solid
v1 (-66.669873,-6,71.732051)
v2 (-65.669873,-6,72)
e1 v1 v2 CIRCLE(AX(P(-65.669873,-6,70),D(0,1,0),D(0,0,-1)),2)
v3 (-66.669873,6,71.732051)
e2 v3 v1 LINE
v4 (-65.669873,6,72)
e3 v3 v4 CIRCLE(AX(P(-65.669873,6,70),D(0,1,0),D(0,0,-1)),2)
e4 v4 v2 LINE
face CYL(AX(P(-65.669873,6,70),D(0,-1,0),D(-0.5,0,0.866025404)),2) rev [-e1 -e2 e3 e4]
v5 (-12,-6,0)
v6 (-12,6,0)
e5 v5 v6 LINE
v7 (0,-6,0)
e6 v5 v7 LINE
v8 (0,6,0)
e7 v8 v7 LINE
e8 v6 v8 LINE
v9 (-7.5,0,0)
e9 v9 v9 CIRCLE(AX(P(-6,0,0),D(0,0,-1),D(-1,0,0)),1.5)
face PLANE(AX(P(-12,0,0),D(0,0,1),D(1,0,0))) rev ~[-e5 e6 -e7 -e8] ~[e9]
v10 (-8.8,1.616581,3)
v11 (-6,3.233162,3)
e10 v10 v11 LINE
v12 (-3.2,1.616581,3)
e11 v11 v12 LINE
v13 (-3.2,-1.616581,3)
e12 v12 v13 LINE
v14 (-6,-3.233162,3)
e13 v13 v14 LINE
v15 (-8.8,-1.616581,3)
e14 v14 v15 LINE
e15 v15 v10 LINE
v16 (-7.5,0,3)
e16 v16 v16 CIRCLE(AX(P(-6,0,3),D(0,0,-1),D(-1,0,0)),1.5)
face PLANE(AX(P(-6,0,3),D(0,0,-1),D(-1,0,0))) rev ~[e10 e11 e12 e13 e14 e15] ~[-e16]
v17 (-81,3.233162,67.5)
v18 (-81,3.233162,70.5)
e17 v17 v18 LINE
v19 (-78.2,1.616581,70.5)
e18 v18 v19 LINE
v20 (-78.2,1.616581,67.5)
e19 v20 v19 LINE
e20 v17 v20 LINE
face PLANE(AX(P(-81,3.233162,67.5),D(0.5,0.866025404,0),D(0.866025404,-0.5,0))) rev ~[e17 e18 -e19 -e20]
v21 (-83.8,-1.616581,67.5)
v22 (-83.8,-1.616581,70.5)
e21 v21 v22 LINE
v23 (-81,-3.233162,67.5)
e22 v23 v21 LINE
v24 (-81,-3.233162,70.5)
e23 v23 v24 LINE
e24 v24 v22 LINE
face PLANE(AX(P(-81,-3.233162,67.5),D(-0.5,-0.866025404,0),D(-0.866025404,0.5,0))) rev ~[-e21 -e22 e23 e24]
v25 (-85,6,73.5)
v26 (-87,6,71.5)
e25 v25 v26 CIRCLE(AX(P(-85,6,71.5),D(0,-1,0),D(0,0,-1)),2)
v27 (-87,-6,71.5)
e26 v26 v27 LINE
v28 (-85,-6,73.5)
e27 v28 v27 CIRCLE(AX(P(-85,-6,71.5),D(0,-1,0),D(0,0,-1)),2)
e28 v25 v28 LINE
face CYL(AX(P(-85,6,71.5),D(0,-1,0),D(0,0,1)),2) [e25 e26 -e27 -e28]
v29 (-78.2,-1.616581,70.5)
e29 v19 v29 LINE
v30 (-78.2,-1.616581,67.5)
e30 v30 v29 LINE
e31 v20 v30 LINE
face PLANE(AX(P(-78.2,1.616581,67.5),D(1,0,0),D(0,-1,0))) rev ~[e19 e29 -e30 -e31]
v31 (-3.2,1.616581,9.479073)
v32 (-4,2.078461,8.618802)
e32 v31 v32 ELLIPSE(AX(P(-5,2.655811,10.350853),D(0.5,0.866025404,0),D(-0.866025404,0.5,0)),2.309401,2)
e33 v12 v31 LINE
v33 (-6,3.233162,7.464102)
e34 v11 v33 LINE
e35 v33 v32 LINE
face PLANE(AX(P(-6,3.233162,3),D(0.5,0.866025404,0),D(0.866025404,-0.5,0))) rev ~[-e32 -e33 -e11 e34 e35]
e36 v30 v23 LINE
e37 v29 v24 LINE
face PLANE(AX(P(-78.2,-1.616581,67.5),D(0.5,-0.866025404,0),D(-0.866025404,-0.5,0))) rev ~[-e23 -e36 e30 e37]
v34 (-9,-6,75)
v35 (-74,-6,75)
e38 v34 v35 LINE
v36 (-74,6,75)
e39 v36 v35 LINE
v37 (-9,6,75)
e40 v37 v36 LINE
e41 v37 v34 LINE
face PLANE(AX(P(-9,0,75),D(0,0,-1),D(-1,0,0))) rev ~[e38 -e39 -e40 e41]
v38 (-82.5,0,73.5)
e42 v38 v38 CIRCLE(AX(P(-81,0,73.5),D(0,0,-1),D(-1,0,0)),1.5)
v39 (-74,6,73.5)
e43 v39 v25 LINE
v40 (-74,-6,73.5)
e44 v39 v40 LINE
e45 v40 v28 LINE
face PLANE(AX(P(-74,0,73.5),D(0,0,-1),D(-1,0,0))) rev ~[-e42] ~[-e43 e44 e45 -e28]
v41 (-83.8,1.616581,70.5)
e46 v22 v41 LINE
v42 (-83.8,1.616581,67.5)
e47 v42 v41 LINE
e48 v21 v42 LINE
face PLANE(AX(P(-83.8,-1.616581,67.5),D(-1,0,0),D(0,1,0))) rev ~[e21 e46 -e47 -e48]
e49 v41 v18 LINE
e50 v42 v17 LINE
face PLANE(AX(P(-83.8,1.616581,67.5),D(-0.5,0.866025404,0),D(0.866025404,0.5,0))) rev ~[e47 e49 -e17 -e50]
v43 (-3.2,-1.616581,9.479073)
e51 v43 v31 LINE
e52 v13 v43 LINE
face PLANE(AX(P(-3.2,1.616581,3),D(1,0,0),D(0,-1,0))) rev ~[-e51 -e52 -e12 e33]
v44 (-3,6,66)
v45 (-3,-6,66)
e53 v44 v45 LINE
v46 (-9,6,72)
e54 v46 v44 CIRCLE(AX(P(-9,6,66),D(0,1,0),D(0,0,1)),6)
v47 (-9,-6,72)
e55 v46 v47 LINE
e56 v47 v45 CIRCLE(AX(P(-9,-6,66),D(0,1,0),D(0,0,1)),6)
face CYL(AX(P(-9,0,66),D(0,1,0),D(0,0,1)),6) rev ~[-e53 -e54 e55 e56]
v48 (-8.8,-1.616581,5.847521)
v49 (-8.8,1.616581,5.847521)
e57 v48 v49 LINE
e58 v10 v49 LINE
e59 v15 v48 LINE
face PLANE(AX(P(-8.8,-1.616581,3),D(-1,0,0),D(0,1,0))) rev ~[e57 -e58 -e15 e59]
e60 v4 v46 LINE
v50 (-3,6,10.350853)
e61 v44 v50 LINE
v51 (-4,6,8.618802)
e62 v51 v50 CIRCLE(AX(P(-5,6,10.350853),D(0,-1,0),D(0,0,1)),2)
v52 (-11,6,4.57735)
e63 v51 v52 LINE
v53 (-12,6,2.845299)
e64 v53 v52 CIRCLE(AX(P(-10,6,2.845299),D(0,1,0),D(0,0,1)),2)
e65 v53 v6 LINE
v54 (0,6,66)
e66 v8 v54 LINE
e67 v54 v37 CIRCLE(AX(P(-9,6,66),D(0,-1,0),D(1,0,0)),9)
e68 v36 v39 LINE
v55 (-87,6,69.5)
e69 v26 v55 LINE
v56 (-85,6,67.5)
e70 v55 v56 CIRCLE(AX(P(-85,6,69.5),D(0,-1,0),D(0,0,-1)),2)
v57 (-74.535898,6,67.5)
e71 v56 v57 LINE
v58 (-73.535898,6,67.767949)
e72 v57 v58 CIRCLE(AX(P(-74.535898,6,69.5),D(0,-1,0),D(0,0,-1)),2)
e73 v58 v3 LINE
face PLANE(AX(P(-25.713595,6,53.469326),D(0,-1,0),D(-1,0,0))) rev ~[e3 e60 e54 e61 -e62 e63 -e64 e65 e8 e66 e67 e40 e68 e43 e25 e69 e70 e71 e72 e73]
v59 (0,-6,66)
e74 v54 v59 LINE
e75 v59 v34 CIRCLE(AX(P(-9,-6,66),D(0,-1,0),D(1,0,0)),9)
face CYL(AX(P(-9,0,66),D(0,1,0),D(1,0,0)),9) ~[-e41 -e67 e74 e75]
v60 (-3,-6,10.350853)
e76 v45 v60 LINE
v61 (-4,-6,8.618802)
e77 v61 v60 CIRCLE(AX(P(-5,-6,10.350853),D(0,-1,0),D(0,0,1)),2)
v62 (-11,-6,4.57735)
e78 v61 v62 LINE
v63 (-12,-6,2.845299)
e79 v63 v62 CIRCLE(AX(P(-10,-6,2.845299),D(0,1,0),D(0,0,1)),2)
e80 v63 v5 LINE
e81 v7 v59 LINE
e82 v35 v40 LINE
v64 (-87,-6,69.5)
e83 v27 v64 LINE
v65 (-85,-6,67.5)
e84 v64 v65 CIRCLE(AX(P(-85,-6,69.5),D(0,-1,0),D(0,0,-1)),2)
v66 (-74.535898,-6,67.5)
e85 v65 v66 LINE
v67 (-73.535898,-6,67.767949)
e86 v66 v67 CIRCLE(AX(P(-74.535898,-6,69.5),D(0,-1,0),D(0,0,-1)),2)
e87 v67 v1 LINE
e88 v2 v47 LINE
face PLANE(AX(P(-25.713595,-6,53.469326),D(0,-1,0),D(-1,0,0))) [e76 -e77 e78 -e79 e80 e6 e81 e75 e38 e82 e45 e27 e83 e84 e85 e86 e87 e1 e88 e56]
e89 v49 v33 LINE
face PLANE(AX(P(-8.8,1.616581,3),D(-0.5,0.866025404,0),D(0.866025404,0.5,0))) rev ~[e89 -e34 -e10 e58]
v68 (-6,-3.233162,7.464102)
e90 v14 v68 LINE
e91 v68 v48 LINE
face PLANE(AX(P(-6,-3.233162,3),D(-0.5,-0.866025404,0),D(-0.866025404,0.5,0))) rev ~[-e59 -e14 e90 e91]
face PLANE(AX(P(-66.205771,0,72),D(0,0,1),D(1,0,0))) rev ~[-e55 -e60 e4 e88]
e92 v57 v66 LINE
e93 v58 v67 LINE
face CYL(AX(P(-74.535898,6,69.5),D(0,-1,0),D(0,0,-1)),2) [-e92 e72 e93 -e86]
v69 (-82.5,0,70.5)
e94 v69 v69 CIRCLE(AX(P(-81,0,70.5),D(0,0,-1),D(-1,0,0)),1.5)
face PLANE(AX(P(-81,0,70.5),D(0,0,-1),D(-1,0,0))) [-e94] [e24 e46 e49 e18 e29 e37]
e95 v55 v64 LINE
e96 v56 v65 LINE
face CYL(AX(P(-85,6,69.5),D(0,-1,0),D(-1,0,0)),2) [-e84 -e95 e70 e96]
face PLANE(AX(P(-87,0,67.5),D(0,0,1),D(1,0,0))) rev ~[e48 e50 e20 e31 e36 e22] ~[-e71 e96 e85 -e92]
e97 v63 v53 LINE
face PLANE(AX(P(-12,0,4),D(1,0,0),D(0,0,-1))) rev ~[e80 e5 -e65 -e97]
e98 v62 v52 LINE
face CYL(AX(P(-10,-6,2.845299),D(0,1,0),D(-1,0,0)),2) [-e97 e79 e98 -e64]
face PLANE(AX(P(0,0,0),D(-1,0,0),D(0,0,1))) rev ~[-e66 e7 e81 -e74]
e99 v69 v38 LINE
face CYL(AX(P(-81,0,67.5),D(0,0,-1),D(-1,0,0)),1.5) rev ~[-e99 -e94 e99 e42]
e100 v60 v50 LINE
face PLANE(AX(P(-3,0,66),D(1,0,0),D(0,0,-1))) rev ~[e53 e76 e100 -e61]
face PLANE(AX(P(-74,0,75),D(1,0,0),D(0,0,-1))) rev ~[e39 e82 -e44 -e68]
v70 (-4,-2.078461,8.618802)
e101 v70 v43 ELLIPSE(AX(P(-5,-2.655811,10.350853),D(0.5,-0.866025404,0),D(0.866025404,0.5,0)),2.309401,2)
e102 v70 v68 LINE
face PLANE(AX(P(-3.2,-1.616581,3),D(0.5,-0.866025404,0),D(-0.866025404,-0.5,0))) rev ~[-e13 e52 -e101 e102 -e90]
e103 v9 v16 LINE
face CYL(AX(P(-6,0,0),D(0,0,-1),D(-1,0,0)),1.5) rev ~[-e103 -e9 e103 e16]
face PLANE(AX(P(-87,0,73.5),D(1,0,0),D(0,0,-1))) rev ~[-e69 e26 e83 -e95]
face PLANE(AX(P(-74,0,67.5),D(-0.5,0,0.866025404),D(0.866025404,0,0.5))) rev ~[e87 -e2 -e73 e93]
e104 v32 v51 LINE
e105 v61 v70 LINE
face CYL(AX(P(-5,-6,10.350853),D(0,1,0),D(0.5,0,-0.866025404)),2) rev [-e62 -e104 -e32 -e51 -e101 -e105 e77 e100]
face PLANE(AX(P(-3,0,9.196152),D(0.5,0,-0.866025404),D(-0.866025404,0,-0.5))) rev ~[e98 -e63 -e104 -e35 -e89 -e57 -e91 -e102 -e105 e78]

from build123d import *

# Parameters (mm, degrees)
BOSS_EXTRU_1_DEPTH      = 6
ESQUISSE2_R             = 1.5
ENL_V_MAT_EXTRU_1_DEPTH = 12
ESQUISSE3_R             = 1.5
ENL_V_MAT_EXTRU_2_DEPTH = 12
CONG_1_R                = 2
ENL_V_MAT_EXTRU_3_DEPTH = 3
ENL_V_START             = -3
ENL_V_MAT_EXTRU_4_DEPTH = 10


with BuildPart() as part:
    # Esquisse1 → Boss.-Extru.1 (new, symmetric)
    with BuildSketch(Plane(origin=(0, 0, 0), x_dir=(1, 0, 0), z_dir=(0, 1, 0))):
        with BuildLine():
            Line((-12, 0), (0, 0))
            Line((0, 0), (0, -66))
            ThreePointArc((0, -66), (-2.636038969, -72.363961031), (-9, -75))
            Line((-9, -75), (-74, -75))
            Line((-74, -75), (-74, -73.5))
            Line((-74, -73.5), (-87, -73.5))
            Line((-87, -73.5), (-87, -67.5))
            Line((-87, -67.5), (-74, -67.5))
            Line((-74, -67.5), (-66.205771366, -72))
            Line((-66.205771366, -72), (-9, -72))
            ThreePointArc((-9, -72), (-4.757359313, -70.242640687), (-3, -66))
            Line((-3, -66), (-3, -9.196152423))
            Line((-3, -9.196152423), (-12, -4))
            Line((-12, -4), (-12, 0))
        make_face()
    extrude(amount=BOSS_EXTRU_1_DEPTH, both=True)

    # Esquisse2 → Enlèv. mat.-Extru.1 (cut)
    with BuildSketch(Plane(origin=(0, 0, 0), x_dir=(-1, 0, 0), z_dir=(0, 0, -1))):
        with Locations((6, 0)):
            Circle(ESQUISSE2_R)
    extrude(amount=-ENL_V_MAT_EXTRU_1_DEPTH, mode=Mode.SUBTRACT)

    # Esquisse3 → Enlèv. mat.-Extru.2 (cut)
    with BuildSketch(Plane(origin=(0, 0, 67.5), x_dir=(-1, 0, 0), z_dir=(0, 0, -1))):
        with Locations((81, 0)):
            Circle(ESQUISSE3_R)
    extrude(amount=-ENL_V_MAT_EXTRU_2_DEPTH, mode=Mode.SUBTRACT)

    # Congé1
    cong_1_edges = [part.edges().sort_by_distance(p)[0] for p in [
        (-87, 0, 73.5),
        (-87, 0, 67.5),
        (-74, 0, 67.5),
        (-66.205771366, 0, 72),
        (-3, 0, 9.196152423),
        (-12, 0, 4),
    ]]
    fillet(cong_1_edges, radius=CONG_1_R)

    # Esquisse4 → Enlèv. mat.-Extru.3 (cut)
    with BuildSketch(Plane(origin=(0, 0, 67.5), x_dir=(-1, 0, 0), z_dir=(0, 0, -1))):
        Polygon((83.8, 1.616580754), (81, 3.233161507), (78.2, 1.616580754), (78.2, -1.616580754), (81, -3.233161507), (83.8, -1.616580754), align=None)
    extrude(amount=-ENL_V_MAT_EXTRU_3_DEPTH, mode=Mode.SUBTRACT)

    # Esquisse5 → Enlèv. mat.-Extru.4 (cut)
    with BuildSketch(Plane(origin=(0, 0, 0), x_dir=(-1, 0, 0), z_dir=(0, 0, -1)).offset(ENL_V_START)):
        Polygon((8.8, 1.616580754), (6, 3.233161507), (3.2, 1.616580754), (3.2, -1.616580754), (6, -3.233161507), (8.8, -1.616580754), align=None)
    extrude(amount=-ENL_V_MAT_EXTRU_4_DEPTH, mode=Mode.SUBTRACT)


solid = part.part
